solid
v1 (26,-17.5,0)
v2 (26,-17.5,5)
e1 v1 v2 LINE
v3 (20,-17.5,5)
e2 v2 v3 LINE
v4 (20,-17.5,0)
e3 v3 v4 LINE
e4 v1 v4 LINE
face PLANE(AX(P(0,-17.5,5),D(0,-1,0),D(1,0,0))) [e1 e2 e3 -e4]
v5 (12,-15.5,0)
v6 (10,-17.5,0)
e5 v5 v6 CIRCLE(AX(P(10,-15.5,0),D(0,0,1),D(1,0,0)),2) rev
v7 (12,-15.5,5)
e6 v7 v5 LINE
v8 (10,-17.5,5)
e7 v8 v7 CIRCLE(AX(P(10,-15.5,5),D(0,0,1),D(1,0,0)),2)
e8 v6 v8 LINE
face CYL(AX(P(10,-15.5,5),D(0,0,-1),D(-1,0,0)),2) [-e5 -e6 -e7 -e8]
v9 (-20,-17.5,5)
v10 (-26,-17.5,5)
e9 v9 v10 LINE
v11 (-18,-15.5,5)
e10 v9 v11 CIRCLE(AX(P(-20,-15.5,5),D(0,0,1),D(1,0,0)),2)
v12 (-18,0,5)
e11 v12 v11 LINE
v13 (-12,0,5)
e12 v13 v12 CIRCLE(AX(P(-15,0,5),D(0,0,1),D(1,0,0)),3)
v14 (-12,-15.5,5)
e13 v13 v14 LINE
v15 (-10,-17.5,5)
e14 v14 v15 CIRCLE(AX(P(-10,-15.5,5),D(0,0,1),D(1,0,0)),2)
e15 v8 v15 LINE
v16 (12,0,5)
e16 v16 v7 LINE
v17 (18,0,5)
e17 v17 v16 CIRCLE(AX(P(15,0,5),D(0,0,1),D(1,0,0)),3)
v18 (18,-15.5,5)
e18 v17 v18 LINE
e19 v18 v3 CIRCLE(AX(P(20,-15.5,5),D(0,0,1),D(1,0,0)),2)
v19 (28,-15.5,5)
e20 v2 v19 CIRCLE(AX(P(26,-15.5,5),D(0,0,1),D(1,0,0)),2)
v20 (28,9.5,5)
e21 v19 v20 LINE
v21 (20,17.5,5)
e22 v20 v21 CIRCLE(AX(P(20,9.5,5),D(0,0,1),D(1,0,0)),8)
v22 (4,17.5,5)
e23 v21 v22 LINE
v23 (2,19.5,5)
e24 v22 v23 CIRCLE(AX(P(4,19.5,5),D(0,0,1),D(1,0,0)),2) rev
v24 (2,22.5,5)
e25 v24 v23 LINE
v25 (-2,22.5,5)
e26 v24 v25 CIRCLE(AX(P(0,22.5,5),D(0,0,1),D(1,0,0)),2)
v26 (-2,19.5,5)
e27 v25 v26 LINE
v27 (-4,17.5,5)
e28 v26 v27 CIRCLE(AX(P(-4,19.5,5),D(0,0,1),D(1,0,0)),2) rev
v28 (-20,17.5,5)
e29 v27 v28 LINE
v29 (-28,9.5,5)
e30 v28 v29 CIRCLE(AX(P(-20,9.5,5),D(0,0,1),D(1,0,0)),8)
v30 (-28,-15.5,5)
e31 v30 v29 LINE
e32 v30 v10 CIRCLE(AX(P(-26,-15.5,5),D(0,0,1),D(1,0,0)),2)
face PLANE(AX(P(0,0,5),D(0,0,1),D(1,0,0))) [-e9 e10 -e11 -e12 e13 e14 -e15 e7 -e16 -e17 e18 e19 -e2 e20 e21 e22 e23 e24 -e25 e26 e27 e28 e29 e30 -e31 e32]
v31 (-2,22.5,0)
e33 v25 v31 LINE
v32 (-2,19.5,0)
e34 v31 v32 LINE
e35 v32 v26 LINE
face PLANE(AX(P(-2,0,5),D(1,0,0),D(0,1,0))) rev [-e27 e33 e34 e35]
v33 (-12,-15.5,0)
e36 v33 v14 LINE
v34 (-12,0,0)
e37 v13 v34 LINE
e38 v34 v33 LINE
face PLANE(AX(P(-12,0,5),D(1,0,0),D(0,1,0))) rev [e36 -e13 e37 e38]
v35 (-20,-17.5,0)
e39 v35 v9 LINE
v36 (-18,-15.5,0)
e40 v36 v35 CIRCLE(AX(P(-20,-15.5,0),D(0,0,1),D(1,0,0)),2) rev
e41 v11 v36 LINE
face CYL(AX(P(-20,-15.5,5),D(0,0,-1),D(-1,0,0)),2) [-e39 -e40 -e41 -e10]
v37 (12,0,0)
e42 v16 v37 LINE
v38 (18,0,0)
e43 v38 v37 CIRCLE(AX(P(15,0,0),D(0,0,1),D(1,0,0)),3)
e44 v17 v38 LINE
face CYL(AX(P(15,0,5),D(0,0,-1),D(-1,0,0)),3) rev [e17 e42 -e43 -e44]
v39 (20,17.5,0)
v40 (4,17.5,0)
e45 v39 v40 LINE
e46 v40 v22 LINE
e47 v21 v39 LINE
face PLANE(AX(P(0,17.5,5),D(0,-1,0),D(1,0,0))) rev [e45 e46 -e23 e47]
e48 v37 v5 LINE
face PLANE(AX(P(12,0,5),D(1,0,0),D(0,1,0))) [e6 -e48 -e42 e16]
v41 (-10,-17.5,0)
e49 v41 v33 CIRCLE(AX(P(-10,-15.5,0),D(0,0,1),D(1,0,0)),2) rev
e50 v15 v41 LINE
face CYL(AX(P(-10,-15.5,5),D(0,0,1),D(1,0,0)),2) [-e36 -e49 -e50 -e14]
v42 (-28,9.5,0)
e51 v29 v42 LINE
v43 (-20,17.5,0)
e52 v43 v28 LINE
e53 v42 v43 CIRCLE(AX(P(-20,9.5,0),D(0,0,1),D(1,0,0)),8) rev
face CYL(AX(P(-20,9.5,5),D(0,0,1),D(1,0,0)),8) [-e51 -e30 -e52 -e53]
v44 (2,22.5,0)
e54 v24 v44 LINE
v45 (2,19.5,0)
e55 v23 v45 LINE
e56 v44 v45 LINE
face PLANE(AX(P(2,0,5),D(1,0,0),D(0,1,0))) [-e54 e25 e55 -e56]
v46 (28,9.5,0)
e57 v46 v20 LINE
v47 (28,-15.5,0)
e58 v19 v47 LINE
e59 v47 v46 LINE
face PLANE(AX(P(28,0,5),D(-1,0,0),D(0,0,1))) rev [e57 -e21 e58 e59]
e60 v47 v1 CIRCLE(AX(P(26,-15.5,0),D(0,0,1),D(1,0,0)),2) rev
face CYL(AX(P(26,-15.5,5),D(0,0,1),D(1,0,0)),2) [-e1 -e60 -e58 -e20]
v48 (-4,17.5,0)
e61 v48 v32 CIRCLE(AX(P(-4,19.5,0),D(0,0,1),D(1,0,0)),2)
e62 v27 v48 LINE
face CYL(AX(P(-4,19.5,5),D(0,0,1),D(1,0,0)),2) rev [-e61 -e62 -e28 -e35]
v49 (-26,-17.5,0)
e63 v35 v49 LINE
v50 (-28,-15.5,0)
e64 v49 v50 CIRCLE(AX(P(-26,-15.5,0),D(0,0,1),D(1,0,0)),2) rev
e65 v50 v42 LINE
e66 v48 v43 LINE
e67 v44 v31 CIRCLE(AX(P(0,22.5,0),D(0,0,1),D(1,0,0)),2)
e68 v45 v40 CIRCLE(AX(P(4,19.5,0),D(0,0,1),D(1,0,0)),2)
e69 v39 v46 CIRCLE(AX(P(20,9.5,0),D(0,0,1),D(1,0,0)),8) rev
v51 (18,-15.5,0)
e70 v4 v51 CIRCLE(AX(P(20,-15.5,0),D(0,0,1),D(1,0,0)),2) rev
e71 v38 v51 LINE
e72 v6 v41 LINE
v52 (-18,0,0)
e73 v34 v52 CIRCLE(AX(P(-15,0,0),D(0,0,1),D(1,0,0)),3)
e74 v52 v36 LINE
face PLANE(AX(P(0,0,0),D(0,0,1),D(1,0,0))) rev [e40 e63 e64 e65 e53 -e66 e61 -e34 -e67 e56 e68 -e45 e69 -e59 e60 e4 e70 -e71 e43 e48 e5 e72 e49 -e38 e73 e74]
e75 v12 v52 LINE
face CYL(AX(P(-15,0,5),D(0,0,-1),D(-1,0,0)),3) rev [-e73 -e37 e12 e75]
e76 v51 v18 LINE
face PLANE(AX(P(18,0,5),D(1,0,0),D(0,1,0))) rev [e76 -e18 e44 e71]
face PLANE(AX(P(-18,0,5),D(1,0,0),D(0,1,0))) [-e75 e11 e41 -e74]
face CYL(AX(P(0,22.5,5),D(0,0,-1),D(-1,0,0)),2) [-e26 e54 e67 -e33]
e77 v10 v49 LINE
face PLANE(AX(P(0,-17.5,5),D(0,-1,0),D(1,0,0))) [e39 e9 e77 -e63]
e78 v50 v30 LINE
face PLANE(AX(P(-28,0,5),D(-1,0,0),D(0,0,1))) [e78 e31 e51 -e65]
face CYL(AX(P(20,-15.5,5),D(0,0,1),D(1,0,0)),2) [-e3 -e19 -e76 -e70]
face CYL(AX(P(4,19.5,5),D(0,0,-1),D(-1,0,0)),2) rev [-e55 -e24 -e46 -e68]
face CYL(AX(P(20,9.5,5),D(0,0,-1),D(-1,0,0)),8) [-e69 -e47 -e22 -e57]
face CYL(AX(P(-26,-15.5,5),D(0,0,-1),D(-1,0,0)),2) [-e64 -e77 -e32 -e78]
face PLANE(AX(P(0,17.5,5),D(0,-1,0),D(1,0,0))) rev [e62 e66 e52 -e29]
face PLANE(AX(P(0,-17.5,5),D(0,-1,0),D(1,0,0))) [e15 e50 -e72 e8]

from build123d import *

# Parameters (mm, degrees)
SZKIC1_R                    = 2
DODANIE_WYCI_GNI_CIE1_DEPTH = 5
ZAOKR_GLENIE1_R             = 2
ZAOKR_GLENIE2_R             = 8


with BuildPart() as part:
    # Szkic1 → Dodanie-wyciągnięcie1 (new body)
    with BuildSketch(Plane.XY):
        with BuildLine():
            ThreePointArc((12, 0), (15, 3), (18, 0))
            Line((18, 0), (18, -17.5))
            Line((18, -17.5), (28, -17.5))
            Line((28, -17.5), (28, 17.5))
            Line((28, 17.5), (2, 17.5))
            Line((2, 17.5), (-2, 17.5))
            Line((-2, 17.5), (-28, 17.5))
            Line((-28, 17.5), (-28, -17.5))
            Line((-28, -17.5), (-18, -17.5))
            Line((-18, -17.5), (-18, 0))
            ThreePointArc((-18, 0), (-15, 3), (-12, 0))
            Line((-12, 0), (-12, -17.5))
            Line((-12, -17.5), (12, -17.5))
            Line((12, -17.5), (12, 0))
        make_face()
        with BuildLine():
            Line((-2, 17.5), (2, 17.5))
            Line((2, 17.5), (2, 22.5))
            ThreePointArc((2, 22.5), (0, 20.5), (-2, 22.5))
            Line((-2, 22.5), (-2, 17.5))
        make_face()
        with Locations((0, 22.5)):
            Circle(SZKIC1_R)
    extrude(amount=DODANIE_WYCI_GNI_CIE1_DEPTH)

    # Zaokrąglenie1
    zaokr_glenie1_edges = [part.edges().sort_by_distance(p)[0] for p in [
        (12, -17.5, 2.5),
        (-12, -17.5, 2.5),
        (-18, -17.5, 2.5),
        (-28, -17.5, 2.5),
        (-2, 17.5, 2.5),
        (2, 17.5, 2.5),
        (28, -17.5, 2.5),
        (18, -17.5, 2.5),
    ]]
    fillet(zaokr_glenie1_edges, radius=ZAOKR_GLENIE1_R)

    # Zaokrąglenie2
    zaokr_glenie2_edges = [part.edges().sort_by_distance(p)[0] for p in [
        (-28, 17.5, 2.5),
        (28, 17.5, 2.5),
    ]]
    fillet(zaokr_glenie2_edges, radius=ZAOKR_GLENIE2_R)


solid = part.part
